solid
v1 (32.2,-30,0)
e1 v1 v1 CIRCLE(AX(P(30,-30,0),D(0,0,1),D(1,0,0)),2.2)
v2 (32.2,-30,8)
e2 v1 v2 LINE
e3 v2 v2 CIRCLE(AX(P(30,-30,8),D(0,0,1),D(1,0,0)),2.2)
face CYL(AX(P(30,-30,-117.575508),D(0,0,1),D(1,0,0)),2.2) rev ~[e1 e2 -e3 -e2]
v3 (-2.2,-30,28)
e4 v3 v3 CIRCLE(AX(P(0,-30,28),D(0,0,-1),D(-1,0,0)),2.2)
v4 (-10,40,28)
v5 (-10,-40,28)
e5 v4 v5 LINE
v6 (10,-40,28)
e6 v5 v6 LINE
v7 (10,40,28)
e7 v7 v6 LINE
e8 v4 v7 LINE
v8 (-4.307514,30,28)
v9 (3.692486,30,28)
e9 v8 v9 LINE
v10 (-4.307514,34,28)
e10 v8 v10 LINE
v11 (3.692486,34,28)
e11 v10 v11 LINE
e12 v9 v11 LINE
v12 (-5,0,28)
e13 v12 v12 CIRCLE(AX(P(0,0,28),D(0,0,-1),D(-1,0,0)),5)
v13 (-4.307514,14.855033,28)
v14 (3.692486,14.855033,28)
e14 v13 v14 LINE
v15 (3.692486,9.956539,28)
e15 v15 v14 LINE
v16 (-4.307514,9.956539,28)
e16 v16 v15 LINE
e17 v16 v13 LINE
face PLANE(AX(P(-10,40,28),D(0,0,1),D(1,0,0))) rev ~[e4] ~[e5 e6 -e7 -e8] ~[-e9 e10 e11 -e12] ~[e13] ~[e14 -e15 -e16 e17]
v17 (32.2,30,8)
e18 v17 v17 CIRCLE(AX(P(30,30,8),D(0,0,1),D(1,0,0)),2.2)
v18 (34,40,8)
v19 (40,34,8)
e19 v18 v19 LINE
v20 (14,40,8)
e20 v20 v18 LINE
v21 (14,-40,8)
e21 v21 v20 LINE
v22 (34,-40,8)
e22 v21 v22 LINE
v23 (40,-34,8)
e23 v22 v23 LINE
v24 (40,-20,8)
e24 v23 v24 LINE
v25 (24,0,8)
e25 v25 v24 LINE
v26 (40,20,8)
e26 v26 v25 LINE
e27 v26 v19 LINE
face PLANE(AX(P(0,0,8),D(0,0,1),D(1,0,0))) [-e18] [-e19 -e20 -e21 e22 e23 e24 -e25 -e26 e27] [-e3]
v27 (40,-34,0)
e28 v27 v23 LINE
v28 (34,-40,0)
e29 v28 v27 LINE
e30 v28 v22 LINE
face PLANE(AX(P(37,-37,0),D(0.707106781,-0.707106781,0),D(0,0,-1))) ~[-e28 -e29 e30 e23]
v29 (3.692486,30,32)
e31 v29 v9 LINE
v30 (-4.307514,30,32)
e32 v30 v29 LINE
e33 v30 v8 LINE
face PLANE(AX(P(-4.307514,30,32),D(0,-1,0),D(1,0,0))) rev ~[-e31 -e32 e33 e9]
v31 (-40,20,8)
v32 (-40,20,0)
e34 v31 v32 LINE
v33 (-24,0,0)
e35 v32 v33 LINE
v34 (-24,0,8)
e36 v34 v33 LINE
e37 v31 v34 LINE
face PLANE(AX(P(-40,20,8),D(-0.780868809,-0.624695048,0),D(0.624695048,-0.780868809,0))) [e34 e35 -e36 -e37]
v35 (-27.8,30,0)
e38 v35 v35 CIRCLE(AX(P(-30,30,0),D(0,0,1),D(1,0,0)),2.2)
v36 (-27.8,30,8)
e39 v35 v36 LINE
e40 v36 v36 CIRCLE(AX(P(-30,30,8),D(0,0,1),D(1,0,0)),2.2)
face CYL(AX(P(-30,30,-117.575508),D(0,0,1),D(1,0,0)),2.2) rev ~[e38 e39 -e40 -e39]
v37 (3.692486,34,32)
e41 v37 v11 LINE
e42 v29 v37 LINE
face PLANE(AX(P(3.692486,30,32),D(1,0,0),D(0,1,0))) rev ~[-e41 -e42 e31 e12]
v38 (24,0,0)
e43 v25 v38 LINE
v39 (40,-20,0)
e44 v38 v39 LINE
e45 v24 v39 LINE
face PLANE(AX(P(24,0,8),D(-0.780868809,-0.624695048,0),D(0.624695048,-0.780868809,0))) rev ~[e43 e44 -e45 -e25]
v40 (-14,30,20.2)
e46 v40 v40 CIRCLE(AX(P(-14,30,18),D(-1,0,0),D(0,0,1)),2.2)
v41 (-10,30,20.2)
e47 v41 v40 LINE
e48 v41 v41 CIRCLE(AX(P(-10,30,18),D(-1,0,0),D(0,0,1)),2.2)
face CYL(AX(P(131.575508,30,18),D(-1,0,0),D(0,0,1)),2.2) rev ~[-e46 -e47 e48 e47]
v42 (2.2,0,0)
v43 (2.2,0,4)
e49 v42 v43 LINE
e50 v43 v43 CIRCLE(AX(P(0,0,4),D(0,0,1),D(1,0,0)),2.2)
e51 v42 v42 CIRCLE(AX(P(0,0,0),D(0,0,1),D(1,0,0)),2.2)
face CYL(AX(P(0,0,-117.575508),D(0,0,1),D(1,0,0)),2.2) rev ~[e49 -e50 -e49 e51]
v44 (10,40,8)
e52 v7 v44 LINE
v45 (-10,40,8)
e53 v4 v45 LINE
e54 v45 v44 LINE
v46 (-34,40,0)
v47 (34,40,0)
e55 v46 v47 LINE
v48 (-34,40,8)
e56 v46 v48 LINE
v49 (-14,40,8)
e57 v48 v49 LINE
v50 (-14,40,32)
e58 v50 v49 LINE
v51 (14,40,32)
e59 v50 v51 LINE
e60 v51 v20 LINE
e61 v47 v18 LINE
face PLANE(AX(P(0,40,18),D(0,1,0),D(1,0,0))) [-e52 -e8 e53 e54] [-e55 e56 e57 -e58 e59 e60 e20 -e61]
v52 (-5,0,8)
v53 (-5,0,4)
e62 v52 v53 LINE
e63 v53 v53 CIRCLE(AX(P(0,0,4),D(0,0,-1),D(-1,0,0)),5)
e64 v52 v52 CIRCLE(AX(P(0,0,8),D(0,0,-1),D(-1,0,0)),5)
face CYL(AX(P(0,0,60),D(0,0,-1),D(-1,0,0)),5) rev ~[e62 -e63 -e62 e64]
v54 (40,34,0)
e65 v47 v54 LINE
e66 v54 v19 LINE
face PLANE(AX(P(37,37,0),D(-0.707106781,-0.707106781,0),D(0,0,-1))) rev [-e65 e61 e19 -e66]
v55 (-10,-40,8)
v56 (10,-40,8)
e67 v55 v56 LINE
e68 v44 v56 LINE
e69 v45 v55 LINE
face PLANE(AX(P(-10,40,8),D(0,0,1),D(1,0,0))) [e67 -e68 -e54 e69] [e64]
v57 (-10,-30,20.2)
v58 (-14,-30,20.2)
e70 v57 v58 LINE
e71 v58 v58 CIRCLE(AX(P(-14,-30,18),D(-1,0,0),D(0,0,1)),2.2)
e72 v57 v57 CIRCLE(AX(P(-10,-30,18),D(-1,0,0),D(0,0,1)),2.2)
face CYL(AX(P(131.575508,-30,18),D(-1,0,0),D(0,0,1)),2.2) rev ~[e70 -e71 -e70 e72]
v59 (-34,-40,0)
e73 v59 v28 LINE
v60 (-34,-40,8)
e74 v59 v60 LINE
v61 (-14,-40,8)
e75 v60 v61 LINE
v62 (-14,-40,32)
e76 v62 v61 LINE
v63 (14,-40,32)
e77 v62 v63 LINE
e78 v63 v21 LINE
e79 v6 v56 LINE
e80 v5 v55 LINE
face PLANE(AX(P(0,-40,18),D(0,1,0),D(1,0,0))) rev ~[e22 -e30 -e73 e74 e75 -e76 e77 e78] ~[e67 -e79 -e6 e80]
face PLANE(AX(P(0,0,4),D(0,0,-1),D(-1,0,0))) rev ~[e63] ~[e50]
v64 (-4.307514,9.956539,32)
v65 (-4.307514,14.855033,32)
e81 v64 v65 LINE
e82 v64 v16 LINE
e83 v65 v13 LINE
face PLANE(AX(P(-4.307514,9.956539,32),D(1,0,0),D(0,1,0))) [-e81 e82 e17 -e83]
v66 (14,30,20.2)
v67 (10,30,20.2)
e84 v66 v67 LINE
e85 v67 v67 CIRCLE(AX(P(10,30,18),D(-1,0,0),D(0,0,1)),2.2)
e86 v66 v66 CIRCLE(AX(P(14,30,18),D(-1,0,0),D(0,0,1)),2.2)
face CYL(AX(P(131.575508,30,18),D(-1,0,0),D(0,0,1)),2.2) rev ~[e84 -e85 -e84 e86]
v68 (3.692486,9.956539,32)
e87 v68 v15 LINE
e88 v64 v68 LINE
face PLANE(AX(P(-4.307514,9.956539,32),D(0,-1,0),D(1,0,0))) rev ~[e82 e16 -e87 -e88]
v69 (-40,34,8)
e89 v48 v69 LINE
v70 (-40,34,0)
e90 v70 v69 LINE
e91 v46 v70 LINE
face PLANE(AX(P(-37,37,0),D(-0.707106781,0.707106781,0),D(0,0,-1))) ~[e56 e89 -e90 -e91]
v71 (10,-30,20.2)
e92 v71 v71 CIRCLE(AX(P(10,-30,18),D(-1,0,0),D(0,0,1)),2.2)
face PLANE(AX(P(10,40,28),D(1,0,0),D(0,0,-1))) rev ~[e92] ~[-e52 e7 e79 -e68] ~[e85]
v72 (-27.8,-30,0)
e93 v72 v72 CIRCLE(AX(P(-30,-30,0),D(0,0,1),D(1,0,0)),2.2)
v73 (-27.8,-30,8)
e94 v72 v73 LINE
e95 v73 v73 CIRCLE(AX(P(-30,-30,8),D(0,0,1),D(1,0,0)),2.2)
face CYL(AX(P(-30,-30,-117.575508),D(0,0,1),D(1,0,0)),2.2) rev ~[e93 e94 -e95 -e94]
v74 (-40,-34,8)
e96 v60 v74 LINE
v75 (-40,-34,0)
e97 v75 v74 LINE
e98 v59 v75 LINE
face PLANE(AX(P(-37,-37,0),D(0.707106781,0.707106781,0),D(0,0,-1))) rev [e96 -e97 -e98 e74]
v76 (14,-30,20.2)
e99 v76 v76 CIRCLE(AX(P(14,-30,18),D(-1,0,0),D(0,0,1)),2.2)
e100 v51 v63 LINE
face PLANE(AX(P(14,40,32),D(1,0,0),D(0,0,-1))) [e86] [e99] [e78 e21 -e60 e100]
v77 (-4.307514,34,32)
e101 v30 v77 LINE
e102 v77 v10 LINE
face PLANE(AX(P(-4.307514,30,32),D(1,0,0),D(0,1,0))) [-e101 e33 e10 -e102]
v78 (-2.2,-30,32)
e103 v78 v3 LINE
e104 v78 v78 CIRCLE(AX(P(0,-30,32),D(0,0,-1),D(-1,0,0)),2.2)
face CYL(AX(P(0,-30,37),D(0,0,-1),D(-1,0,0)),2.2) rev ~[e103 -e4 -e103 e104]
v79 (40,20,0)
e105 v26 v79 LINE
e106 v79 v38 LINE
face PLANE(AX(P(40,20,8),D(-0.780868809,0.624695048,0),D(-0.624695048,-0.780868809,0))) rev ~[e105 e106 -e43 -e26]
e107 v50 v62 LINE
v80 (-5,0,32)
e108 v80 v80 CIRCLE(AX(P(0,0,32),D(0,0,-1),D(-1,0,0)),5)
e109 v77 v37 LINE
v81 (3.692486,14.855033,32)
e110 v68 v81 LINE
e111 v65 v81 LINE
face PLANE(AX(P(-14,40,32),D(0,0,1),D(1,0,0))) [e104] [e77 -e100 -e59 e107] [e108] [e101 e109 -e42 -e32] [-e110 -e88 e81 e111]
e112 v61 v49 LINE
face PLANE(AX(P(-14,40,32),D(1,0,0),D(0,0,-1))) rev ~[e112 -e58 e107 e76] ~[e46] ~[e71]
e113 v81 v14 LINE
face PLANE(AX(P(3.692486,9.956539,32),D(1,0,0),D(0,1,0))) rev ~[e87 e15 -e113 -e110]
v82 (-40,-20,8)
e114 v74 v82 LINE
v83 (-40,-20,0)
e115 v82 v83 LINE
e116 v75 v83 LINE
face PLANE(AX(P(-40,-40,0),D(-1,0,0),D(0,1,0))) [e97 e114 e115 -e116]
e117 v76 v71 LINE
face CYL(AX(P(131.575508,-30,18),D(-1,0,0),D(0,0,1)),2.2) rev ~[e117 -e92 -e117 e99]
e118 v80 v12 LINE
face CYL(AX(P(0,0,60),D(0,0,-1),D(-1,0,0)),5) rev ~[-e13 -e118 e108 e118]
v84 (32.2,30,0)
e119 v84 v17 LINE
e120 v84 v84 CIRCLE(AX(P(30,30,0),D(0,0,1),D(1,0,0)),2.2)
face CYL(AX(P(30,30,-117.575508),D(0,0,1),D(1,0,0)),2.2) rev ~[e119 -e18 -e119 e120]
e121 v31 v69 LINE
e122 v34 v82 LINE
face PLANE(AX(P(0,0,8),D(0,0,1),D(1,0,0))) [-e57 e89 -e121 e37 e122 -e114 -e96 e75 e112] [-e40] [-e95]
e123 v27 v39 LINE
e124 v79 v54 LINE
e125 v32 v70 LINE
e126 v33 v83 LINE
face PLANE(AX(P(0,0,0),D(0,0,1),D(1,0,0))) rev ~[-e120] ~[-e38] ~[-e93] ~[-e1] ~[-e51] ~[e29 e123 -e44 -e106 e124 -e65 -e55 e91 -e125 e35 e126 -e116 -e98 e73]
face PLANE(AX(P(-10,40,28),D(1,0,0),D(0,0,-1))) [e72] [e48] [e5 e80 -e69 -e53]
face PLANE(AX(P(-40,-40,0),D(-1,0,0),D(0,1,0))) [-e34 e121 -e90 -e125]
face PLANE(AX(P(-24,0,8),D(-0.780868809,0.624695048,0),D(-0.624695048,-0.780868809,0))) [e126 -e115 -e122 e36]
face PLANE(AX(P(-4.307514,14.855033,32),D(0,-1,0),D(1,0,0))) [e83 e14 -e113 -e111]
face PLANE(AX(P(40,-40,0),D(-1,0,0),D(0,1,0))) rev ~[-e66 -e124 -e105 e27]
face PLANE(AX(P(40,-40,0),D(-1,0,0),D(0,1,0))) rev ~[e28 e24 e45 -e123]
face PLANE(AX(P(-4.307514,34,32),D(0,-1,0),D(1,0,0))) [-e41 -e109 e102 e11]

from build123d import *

# Parameters (mm, degrees)
ESQUISSE1_W             = 80
ESQUISSE1_H             = 80
BOSS_EXTRU_1_DEPTH      = 8
ESQUISSE2_W             = 28
ESQUISSE2_H             = 28
ESQUISSE2_W_2           = 20
ESQUISSE2_H_2           = 20
BOSS_EXTRU_2_DEPTH      = 80
D_GAGEMENT_M41_D        = 4.4
D_GAGEMENT_M42_D        = 4.4
D_GAGEMENT_M101_D       = 10
D_GAGEMENT_M101_DEPTH   = 28
D_GAGEMENT_M43_D        = 4.4
D_GAGEMENT_M43_DEPTH    = 5
ESQUISSE13_W            = 8
ESQUISSE13_H            = 4
ESQUISSE13_H_2          = 4.898494306
ENL_V_MAT_EXTRU_1_DEPTH = 4
ENL_V_MAT_EXTRU_2_DEPTH = 9
CHANFREIN2_SIZE         = 6


with BuildPart() as part:
    # Esquisse1 → Boss.-Extru.1 (new body)
    with BuildSketch(Plane.XY):
        Rectangle(ESQUISSE1_W, ESQUISSE1_H)
    extrude(amount=BOSS_EXTRU_1_DEPTH)

    # Esquisse2 → Boss.-Extru.2 (add, through all)
    with BuildSketch(Plane(origin=(0, 40, 0), x_dir=(1, 0, 0), z_dir=(0, 1, 0))):
        with Locations((0, -18)):
            Rectangle(ESQUISSE2_W, ESQUISSE2_H)
        with Locations((0, -18)):
            Rectangle(ESQUISSE2_W_2, ESQUISSE2_H_2, mode=Mode.SUBTRACT)
    extrude(amount=-BOSS_EXTRU_2_DEPTH)

    # Dégagement M41 (through all)
    with Locations(Plane(origin=(0, 0, 0), x_dir=(-1, 0, 0), z_dir=(0, 0, -1))):
        with Locations((-30, 30), (30, 30), (30, -30), (-30, -30), (0, 0)):
            Hole(D_GAGEMENT_M41_D / 2)

    # Dégagement M42 (through all)
    with Locations(Plane(origin=(14, 0, 0), x_dir=(0, 0, -1), z_dir=(1, 0, 0))):
        with Locations((-18, 30), (-18, -30)):
            Hole(D_GAGEMENT_M42_D / 2)

    # Dégagement M101
    with Locations(Plane.XY.offset(32)):
        with Locations((0, 0)):
            Hole(D_GAGEMENT_M101_D / 2, depth=D_GAGEMENT_M101_DEPTH)

    # Dégagement M43
    with Locations(Plane.XY.offset(32)):
        with Locations((0, -30)):
            Hole(D_GAGEMENT_M43_D / 2, depth=D_GAGEMENT_M43_DEPTH)

    # Esquisse13 → Enlèv. mat.-Extru.1 (cut)
    with BuildSketch(Plane.XY.offset(32)):
        with Locations((-0.307514137, 32)):
            Rectangle(ESQUISSE13_W, ESQUISSE13_H)
        with Locations((-0.307514137, 12.405785937)):
            Rectangle(ESQUISSE13_W, ESQUISSE13_H_2)
    extrude(amount=-ENL_V_MAT_EXTRU_1_DEPTH, mode=Mode.SUBTRACT)

    # Esquisse14 → Enlèv. mat.-Extru.2 (cut, through all)
    with BuildSketch(Plane.XY.offset(8)):
        Polygon((-40, 20), (-24, 0), (-40, -20), align=None)
        Polygon((40, 20), (24, 0), (40, -20), align=None)
    extrude(amount=-ENL_V_MAT_EXTRU_2_DEPTH, mode=Mode.SUBTRACT)

    # Chanfrein2
    chanfrein2_edges = [part.edges().sort_by_distance(p)[0] for p in [
        (40, -40, 4),
        (-40, -40, 4),
        (-40, 40, 4),
        (40, 40, 4),
    ]]
    chamfer(chanfrein2_edges, length=CHANFREIN2_SIZE)


solid = part.part
